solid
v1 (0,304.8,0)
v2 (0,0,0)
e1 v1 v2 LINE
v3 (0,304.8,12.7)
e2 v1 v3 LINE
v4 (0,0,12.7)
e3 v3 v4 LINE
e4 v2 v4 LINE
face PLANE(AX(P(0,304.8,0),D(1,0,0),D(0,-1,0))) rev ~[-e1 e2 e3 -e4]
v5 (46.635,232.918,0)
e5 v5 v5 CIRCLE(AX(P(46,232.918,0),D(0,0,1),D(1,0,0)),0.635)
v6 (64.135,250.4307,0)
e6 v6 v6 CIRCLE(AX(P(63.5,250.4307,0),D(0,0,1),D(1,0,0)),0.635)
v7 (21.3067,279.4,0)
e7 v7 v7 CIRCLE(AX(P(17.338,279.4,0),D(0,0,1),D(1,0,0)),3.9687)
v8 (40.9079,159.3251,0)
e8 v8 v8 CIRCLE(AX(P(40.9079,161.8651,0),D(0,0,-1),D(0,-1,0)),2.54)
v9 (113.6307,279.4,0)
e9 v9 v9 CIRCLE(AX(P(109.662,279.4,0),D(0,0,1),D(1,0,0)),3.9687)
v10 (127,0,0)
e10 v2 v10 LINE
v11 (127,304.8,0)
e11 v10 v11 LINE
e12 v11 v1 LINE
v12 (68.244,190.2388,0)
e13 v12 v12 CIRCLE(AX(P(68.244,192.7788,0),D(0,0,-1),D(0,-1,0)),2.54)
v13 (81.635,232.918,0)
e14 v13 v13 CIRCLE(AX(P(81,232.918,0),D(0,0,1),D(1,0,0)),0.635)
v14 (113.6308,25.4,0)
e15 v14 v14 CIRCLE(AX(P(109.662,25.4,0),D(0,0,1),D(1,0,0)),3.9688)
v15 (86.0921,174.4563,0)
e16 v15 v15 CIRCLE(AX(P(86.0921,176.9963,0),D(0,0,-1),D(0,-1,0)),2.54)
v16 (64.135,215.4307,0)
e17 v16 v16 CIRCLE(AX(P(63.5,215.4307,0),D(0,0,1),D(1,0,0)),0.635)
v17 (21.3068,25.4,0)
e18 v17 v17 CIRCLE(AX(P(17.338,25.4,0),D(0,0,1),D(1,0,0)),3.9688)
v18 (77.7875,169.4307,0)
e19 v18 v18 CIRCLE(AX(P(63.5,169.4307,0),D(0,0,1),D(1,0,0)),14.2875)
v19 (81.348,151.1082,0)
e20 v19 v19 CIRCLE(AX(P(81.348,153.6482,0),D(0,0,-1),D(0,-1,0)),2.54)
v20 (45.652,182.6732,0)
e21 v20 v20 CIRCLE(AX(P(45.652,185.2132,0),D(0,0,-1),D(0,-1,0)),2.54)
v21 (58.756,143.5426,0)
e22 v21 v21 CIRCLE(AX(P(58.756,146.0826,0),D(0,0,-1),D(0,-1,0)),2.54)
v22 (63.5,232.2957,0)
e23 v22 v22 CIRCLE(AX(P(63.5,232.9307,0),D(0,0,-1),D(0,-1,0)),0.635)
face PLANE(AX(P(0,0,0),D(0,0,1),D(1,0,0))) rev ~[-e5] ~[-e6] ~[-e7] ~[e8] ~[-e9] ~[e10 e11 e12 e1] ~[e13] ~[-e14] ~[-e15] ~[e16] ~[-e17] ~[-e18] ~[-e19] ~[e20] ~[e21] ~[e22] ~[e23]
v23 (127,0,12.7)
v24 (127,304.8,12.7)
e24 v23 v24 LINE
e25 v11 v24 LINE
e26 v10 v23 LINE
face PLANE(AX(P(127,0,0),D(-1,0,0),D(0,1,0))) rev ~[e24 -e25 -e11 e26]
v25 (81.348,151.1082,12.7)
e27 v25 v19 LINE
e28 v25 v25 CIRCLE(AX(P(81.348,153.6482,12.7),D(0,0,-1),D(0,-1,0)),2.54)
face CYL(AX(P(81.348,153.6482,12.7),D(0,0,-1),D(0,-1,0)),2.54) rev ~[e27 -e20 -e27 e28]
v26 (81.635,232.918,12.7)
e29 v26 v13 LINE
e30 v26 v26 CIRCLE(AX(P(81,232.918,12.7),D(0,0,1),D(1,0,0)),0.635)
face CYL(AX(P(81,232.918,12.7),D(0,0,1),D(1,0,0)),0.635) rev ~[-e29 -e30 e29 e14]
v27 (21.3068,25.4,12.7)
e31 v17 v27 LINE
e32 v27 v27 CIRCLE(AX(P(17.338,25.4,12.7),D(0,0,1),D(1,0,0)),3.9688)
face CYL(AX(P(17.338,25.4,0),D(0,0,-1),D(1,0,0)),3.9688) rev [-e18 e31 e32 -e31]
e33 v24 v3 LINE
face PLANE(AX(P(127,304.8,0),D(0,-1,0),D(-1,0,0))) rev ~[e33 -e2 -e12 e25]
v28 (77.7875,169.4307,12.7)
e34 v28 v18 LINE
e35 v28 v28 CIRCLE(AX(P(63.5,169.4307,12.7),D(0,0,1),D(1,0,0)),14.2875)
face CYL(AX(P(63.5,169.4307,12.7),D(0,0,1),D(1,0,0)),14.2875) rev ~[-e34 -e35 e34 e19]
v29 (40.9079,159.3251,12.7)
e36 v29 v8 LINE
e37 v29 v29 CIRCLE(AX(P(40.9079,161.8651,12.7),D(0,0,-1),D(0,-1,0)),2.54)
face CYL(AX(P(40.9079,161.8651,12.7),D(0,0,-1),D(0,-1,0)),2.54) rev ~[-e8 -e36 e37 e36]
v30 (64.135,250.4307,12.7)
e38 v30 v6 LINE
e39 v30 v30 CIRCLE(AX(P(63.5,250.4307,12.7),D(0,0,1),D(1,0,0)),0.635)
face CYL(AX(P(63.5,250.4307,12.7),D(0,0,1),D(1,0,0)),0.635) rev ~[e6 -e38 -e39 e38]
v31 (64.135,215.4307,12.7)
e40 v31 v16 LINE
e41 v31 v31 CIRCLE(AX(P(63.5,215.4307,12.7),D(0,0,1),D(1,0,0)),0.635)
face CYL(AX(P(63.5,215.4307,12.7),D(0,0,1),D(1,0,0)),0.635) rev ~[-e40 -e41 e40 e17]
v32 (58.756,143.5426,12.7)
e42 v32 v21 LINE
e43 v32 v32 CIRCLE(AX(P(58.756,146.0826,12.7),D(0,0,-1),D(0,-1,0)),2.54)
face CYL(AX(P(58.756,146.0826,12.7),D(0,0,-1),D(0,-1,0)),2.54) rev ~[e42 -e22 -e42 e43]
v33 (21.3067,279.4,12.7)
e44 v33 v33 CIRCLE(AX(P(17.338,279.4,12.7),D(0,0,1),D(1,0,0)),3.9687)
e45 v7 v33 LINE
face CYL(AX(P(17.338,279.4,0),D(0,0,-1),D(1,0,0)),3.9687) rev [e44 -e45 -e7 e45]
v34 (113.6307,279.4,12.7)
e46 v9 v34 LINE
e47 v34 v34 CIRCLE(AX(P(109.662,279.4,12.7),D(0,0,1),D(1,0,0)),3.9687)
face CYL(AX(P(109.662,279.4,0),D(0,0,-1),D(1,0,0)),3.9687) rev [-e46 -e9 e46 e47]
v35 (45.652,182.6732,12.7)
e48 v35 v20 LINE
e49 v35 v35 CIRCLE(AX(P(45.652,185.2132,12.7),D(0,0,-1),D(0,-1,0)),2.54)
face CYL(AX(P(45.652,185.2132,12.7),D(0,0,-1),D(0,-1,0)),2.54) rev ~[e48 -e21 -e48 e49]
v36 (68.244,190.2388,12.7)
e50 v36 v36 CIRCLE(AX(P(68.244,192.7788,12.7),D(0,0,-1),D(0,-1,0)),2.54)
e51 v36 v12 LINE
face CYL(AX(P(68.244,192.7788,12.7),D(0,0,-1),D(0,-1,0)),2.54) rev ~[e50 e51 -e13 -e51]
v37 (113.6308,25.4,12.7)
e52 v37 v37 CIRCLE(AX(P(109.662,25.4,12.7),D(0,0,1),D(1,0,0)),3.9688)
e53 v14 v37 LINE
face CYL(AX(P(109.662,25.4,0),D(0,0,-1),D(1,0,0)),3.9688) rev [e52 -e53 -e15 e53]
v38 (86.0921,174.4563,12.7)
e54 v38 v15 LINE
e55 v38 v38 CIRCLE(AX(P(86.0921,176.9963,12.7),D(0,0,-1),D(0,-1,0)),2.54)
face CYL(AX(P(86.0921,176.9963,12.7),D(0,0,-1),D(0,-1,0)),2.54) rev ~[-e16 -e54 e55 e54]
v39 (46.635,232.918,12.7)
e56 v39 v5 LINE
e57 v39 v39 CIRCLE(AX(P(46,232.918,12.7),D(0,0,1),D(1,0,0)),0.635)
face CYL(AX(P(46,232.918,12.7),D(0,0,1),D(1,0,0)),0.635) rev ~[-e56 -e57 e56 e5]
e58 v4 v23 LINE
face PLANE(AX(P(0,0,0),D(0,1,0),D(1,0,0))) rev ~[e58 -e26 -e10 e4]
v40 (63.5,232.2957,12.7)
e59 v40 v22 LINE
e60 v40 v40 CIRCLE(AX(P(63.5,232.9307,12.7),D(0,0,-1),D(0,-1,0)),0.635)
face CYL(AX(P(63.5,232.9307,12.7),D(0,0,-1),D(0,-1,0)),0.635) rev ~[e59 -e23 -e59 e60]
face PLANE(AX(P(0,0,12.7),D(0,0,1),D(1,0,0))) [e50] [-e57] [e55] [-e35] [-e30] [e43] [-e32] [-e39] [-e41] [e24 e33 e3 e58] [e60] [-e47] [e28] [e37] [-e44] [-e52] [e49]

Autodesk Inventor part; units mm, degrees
ref_plane "YZ Plane" through (0, 0, 0) normal (1, 0, 0) x (0, 1, 0)
ref_plane "XZ Plane" through (0, 0, 0) normal (0, 1, 0) x (-1, 0, 0)
ref_plane "XY Plane" through (0, 0, 0) normal (0, 0, 1) x (1, 0, 0)
sketch "Sketch1" plane through (0, 0, 0) normal (0, 0, 1) x (1, 0, 0)
  point P0 (0, 0)
sketch "Sketch2" plane through (0, 0, 0) normal (0, 0, 1) x (1, 0, 0)
  line L0 (0, 0) -> (127, 0)
  line L1 (127, 0) -> (127, 304.8)
  line L2 (127, 304.8) -> (0, 304.8)
  line L3 (0, 304.8) -> (0, 0)
  circle A0 centre (17.338, 279.4) radius 3.9687
  circle A1 centre (109.662, 279.4) radius 3.9687
  circle A2 centre (17.338, 25.4) radius 3.9688
  circle A3 centre (109.662, 25.4) radius 3.9688
  dimension "d0" = 127
  dimension "d1" = 304.8
  dimension "d2" = 7.9375
  dimension "d3" = 25.4
  dimension "d4" = 17.338
  dimension "d5" = 7.9375
  dimension "d6" = 17.338
  dimension "d7" = 25.4
  dimension "d8" = 7.9375
  dimension "d9" = 17.338
  dimension "d10" = 25.4
  dimension "d11" = 7.9375
  dimension "d12" = 17.338
  dimension "d13" = 25.4
extrude "Extrusion1" add sketch "Sketch2" along normal blind 12.7
sketch "Sketch3" plane through (0, 0, 12.7) normal (0, 0, 1) x (1, 0, 0)
  line L0 (127, 304.8) -> (0, 304.8) projected
  line L1 (0, 0) -> (127, 0) projected
  line L2 (0, 304.8) -> (0, 0) projected
  line L3 (127, 0) -> (127, 304.8) projected
  circle A0 centre (46, 232.918) radius 0.635
  circle A1 centre (63.5, 250.4307) radius 0.635
  circle A2 centre (63.5, 215.4307) radius 0.635
  circle A3 centre (81, 232.918) radius 0.635
  circle A4 centre (63.5, 169.4307) radius 14.2875
  circle A5 centre (63.5, 169.4307) radius 23.8252
  point P0 (63.5, 232.9307)
  point P1 (68.244, 192.7788)
  point P2 (45.652, 185.2132)
  point P3 (40.9079, 161.8651)
  point P4 (58.756, 146.0826)
  point P5 (81.348, 153.6482)
  point P6 (86.0921, 176.9963)
  dimension "d18" = 63.5
  dimension "d19" = 63.5
  dimension "d31" = 1.27
  dimension "d32" = 1.27
  dimension "d33" = 1.27
  dimension "d34" = 1.27
  dimension "d45" = 34.9999
  dimension "d46" = 17.5
  dimension "d47" = 17.5
  dimension "d48" = 17.5
  dimension "d49" = 28.575
  dimension "d50" = 169.4307
  dimension "d53" = 23.8252
  dimension "d56" = 360
  dimension "d66" = 63.5
  dimension "d67" = 63.5
  dimension "d68" = 63.5
  dimension "d69" = 63.5
  dimension "d70" = 71.8693
  dimension "d71" = 71.882
  dimension "d72" = 71.882
hole "Hole1" at (63.5, 232.9307, 12.7) direction (0, 0, -1) diameter 1.27 end through all
extrude "Extrusion2" cut sketch "Sketch3" against normal blind 25.4 contours A0 | A1 | A2 | A3
extrude "Extrusion3" cut sketch "Sketch3" against normal blind 25.4 contours A4
hole "Hole2" at (68.244, 192.7788, 12.7) at (45.652, 185.2132, 12.7) at (40.9079, 161.8651, 12.7) at (58.756, 146.0826, 12.7) at (81.348, 153.6482, 12.7) at (86.0921, 176.9963, 12.7) direction (0, 0, -1) diameter 5.08 end through all
